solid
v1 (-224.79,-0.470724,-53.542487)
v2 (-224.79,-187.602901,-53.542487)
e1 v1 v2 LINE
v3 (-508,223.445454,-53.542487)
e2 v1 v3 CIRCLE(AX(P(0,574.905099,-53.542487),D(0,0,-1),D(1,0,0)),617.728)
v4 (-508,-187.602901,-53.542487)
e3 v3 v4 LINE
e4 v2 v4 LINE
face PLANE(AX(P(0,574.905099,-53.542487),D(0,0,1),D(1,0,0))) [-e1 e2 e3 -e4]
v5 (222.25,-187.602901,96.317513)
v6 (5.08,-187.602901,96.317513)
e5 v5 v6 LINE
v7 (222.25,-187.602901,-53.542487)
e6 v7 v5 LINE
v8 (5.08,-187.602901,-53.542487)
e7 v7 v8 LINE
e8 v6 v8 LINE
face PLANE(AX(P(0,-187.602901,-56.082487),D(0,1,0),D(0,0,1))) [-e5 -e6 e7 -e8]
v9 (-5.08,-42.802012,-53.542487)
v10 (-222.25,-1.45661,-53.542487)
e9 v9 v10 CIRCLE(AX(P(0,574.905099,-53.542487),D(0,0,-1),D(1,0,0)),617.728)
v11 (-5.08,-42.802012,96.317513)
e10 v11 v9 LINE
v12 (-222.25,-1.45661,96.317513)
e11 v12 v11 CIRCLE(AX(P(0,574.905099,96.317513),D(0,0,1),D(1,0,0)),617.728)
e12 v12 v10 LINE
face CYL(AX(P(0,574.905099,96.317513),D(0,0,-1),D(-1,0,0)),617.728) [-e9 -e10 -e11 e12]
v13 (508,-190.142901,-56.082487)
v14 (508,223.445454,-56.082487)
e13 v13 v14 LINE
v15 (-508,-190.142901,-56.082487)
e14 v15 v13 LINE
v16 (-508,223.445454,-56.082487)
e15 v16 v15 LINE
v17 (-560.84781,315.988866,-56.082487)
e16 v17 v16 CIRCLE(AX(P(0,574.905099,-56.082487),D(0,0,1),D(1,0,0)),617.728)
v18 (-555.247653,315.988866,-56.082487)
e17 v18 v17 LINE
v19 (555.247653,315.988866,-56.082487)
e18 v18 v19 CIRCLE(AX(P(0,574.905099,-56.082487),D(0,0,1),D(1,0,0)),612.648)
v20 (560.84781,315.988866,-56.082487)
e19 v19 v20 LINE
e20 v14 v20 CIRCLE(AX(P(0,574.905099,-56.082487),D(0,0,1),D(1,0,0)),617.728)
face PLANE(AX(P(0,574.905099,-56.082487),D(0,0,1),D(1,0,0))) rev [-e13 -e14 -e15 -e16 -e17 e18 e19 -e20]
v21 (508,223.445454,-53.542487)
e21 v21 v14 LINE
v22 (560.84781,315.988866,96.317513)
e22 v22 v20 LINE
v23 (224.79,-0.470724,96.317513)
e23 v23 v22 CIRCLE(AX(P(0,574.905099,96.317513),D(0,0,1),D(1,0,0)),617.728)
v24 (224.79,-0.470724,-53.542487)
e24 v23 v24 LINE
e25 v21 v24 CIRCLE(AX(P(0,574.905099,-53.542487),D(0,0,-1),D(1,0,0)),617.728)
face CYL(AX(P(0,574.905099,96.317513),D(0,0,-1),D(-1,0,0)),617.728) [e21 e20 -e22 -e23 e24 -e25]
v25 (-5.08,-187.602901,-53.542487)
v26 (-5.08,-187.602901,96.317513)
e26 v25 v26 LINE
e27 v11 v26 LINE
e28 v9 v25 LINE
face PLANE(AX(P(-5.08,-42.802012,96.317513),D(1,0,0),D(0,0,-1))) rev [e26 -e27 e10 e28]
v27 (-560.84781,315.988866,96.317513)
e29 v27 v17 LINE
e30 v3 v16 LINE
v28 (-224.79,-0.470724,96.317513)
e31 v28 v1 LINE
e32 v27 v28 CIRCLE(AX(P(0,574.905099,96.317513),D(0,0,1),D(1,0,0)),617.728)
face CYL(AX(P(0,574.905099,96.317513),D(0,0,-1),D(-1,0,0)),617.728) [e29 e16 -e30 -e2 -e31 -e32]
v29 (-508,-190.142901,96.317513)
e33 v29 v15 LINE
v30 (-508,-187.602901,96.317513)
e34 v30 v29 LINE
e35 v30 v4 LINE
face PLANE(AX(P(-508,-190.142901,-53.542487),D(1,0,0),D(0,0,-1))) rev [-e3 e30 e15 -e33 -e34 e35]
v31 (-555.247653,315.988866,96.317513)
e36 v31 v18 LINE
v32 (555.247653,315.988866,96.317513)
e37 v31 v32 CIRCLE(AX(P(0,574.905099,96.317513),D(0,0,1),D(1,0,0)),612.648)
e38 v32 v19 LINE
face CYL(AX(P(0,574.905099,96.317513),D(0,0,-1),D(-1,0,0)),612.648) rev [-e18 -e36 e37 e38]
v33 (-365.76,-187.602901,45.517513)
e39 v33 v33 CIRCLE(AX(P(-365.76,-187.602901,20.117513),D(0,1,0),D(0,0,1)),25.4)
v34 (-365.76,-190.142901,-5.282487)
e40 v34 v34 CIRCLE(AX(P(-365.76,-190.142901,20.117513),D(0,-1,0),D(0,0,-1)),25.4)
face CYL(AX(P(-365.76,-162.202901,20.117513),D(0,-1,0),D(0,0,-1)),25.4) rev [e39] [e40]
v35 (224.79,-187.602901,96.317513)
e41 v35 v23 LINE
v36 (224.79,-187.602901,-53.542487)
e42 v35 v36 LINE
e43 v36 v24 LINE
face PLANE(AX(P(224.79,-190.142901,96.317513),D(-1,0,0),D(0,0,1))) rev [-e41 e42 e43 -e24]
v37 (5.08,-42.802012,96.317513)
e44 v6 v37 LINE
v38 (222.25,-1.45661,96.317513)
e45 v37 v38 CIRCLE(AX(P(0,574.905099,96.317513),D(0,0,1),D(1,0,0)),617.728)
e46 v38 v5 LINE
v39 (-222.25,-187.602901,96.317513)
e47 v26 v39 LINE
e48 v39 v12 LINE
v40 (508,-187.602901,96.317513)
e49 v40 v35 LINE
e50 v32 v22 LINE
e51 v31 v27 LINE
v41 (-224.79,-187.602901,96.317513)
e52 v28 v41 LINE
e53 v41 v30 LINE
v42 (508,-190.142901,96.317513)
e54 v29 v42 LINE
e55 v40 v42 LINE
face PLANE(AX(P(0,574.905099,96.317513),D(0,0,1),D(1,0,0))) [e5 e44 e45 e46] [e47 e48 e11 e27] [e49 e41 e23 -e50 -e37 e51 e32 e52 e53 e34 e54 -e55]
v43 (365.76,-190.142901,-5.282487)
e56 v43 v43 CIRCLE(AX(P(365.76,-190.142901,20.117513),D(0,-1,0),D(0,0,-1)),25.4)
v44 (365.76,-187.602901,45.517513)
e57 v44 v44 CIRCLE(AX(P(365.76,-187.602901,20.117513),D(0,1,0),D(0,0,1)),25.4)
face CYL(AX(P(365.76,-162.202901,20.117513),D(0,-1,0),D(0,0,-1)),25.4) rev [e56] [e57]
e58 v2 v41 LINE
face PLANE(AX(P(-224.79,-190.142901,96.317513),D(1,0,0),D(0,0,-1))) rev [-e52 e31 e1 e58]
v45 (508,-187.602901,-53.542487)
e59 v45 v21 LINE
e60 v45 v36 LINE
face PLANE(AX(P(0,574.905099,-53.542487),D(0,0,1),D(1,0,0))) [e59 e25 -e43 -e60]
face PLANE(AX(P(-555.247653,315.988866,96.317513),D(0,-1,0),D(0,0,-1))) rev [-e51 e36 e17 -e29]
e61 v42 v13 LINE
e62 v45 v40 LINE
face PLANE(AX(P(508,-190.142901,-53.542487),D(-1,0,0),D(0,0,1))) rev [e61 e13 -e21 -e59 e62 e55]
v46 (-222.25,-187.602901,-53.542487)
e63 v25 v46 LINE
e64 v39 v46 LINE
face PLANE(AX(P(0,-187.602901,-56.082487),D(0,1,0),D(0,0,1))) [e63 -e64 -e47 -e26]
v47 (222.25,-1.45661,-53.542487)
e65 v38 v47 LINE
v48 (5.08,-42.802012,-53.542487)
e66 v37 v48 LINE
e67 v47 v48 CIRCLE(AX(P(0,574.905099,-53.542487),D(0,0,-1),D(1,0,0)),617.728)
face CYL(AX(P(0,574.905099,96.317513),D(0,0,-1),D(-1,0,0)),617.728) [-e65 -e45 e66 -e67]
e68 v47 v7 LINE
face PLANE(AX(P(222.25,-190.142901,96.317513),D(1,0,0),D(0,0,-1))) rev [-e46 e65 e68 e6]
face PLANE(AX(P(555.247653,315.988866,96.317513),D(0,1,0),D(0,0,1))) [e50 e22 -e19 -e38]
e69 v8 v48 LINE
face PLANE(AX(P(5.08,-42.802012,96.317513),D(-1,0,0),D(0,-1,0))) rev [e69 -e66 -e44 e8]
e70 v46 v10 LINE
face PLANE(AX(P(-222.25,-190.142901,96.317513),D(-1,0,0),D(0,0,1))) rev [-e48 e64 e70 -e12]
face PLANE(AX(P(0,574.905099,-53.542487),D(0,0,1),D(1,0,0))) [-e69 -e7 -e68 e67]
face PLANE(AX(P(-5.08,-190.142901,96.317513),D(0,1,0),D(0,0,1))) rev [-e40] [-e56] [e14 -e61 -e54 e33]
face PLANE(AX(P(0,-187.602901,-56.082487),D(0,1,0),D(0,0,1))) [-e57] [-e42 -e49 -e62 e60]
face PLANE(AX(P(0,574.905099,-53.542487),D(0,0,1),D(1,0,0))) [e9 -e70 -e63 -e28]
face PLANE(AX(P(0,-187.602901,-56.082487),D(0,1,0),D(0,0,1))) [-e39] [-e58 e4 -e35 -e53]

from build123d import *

# Parameters (mm, degrees)
BOSS_EXTRUDE1_DEPTH = 6
BOSS_EXTRUDE2_DEPTH = 6
BOSS_EXTRUDE3_DEPTH = 0.1
SKETCH4_W           = 40
SKETCH4_H           = 6
BOSS_EXTRUDE4_DEPTH = 0.1
SKETCH7_R           = 1
CUT_EXTRUDE1_DEPTH  = 1.1
SCALE1_SCALE        = 25.4


with BuildPart() as part:
    # Sketch1 → Boss-Extrude1 (new body)
    with BuildSketch(Plane.XY):
        with BuildLine():
            Line((21.860143823, -10.193552473), (22.080622454, -10.193552473))
            ThreePointArc((22.080622454, -10.193552473), (0, -24.32), (-22.080622454, -10.193552473))
            Line((-22.080622454, -10.193552473), (-21.860143823, -10.193552473))
            ThreePointArc((-21.860143823, -10.193552473), (0, -24.12), (21.860143823, -10.193552473))
        make_face()
    extrude(amount=BOSS_EXTRUDE1_DEPTH)

    # Sketch2 → Boss-Extrude2 (add)
    with BuildSketch(Plane.XY):
        with BuildLine():
            Line((-0.2, -30.12), (0.2, -30.12))
            Line((0.2, -30.12), (0.2, -24.319177618))
            ThreePointArc((0.2, -24.319177618), (0, -24.32), (-0.2, -24.319177618))
            Line((-0.2, -24.319177618), (-0.2, -30.12))
        make_face()
        with BuildLine():
            Line((8.75, -30.12), (8.85, -30.12))
            Line((8.85, -30.12), (8.85, -22.652591463))
            ThreePointArc((8.85, -22.652591463), (8.8000214, -22.672053797), (8.75, -22.691405862))
            Line((8.75, -22.691405862), (8.75, -30.12))
        make_face()
        with BuildLine():
            Line((-8.75, -30.12), (-8.85, -30.12))
            Line((-8.85, -30.12), (-8.85, -22.652591463))
            ThreePointArc((-8.85, -22.652591463), (-8.8000214, -22.672053797), (-8.75, -22.691405862))
            Line((-8.75, -22.691405862), (-8.75, -30.12))
        make_face()
    extrude(amount=BOSS_EXTRUDE2_DEPTH)

    # Sketch3 → Boss-Extrude3 (add)
    with BuildSketch(Plane.XY):
        with BuildLine():
            Line((0, -30.12), (-20, -30.12))
            Line((-20, -30.12), (-20, -13.836993893))
            ThreePointArc((-20, -13.836993893), (0, -24.32), (20, -13.836993893))
            Line((20, -13.836993893), (20, -30.12))
            Line((20, -30.12), (0, -30.12))
        make_face()
    extrude(amount=BOSS_EXTRUDE3_DEPTH)

    # Sketch4 → Boss-Extrude4 (add)
    with BuildSketch(Plane(origin=(0, -30.12, 0), x_dir=(-1, 0, 0), z_dir=(0, -1, 0))):
        with Locations((0, -3)):
            Rectangle(SKETCH4_W, SKETCH4_H)
    extrude(amount=-BOSS_EXTRUDE4_DEPTH)

    # Sketch7 → Cut-Extrude1 (cut)
    with BuildSketch(Plane(origin=(0, -30.12, 0), x_dir=(-1, 0, 0), z_dir=(0, -1, 0))):
        with Locations((-14.4, -3)):
            Circle(SKETCH7_R)
        with Locations((14.4, -3)):
            Circle(SKETCH7_R)
    extrude(amount=-CUT_EXTRUDE1_DEPTH, mode=Mode.SUBTRACT)


with BuildPart() as part_1:
    # Scale1: scaled about (0, -23.561684395, 2.298462584)
    add(part.part.scale(SCALE1_SCALE).moved(Location((0, 574.905099238, -56.08248705))))


solid = part_1.part
